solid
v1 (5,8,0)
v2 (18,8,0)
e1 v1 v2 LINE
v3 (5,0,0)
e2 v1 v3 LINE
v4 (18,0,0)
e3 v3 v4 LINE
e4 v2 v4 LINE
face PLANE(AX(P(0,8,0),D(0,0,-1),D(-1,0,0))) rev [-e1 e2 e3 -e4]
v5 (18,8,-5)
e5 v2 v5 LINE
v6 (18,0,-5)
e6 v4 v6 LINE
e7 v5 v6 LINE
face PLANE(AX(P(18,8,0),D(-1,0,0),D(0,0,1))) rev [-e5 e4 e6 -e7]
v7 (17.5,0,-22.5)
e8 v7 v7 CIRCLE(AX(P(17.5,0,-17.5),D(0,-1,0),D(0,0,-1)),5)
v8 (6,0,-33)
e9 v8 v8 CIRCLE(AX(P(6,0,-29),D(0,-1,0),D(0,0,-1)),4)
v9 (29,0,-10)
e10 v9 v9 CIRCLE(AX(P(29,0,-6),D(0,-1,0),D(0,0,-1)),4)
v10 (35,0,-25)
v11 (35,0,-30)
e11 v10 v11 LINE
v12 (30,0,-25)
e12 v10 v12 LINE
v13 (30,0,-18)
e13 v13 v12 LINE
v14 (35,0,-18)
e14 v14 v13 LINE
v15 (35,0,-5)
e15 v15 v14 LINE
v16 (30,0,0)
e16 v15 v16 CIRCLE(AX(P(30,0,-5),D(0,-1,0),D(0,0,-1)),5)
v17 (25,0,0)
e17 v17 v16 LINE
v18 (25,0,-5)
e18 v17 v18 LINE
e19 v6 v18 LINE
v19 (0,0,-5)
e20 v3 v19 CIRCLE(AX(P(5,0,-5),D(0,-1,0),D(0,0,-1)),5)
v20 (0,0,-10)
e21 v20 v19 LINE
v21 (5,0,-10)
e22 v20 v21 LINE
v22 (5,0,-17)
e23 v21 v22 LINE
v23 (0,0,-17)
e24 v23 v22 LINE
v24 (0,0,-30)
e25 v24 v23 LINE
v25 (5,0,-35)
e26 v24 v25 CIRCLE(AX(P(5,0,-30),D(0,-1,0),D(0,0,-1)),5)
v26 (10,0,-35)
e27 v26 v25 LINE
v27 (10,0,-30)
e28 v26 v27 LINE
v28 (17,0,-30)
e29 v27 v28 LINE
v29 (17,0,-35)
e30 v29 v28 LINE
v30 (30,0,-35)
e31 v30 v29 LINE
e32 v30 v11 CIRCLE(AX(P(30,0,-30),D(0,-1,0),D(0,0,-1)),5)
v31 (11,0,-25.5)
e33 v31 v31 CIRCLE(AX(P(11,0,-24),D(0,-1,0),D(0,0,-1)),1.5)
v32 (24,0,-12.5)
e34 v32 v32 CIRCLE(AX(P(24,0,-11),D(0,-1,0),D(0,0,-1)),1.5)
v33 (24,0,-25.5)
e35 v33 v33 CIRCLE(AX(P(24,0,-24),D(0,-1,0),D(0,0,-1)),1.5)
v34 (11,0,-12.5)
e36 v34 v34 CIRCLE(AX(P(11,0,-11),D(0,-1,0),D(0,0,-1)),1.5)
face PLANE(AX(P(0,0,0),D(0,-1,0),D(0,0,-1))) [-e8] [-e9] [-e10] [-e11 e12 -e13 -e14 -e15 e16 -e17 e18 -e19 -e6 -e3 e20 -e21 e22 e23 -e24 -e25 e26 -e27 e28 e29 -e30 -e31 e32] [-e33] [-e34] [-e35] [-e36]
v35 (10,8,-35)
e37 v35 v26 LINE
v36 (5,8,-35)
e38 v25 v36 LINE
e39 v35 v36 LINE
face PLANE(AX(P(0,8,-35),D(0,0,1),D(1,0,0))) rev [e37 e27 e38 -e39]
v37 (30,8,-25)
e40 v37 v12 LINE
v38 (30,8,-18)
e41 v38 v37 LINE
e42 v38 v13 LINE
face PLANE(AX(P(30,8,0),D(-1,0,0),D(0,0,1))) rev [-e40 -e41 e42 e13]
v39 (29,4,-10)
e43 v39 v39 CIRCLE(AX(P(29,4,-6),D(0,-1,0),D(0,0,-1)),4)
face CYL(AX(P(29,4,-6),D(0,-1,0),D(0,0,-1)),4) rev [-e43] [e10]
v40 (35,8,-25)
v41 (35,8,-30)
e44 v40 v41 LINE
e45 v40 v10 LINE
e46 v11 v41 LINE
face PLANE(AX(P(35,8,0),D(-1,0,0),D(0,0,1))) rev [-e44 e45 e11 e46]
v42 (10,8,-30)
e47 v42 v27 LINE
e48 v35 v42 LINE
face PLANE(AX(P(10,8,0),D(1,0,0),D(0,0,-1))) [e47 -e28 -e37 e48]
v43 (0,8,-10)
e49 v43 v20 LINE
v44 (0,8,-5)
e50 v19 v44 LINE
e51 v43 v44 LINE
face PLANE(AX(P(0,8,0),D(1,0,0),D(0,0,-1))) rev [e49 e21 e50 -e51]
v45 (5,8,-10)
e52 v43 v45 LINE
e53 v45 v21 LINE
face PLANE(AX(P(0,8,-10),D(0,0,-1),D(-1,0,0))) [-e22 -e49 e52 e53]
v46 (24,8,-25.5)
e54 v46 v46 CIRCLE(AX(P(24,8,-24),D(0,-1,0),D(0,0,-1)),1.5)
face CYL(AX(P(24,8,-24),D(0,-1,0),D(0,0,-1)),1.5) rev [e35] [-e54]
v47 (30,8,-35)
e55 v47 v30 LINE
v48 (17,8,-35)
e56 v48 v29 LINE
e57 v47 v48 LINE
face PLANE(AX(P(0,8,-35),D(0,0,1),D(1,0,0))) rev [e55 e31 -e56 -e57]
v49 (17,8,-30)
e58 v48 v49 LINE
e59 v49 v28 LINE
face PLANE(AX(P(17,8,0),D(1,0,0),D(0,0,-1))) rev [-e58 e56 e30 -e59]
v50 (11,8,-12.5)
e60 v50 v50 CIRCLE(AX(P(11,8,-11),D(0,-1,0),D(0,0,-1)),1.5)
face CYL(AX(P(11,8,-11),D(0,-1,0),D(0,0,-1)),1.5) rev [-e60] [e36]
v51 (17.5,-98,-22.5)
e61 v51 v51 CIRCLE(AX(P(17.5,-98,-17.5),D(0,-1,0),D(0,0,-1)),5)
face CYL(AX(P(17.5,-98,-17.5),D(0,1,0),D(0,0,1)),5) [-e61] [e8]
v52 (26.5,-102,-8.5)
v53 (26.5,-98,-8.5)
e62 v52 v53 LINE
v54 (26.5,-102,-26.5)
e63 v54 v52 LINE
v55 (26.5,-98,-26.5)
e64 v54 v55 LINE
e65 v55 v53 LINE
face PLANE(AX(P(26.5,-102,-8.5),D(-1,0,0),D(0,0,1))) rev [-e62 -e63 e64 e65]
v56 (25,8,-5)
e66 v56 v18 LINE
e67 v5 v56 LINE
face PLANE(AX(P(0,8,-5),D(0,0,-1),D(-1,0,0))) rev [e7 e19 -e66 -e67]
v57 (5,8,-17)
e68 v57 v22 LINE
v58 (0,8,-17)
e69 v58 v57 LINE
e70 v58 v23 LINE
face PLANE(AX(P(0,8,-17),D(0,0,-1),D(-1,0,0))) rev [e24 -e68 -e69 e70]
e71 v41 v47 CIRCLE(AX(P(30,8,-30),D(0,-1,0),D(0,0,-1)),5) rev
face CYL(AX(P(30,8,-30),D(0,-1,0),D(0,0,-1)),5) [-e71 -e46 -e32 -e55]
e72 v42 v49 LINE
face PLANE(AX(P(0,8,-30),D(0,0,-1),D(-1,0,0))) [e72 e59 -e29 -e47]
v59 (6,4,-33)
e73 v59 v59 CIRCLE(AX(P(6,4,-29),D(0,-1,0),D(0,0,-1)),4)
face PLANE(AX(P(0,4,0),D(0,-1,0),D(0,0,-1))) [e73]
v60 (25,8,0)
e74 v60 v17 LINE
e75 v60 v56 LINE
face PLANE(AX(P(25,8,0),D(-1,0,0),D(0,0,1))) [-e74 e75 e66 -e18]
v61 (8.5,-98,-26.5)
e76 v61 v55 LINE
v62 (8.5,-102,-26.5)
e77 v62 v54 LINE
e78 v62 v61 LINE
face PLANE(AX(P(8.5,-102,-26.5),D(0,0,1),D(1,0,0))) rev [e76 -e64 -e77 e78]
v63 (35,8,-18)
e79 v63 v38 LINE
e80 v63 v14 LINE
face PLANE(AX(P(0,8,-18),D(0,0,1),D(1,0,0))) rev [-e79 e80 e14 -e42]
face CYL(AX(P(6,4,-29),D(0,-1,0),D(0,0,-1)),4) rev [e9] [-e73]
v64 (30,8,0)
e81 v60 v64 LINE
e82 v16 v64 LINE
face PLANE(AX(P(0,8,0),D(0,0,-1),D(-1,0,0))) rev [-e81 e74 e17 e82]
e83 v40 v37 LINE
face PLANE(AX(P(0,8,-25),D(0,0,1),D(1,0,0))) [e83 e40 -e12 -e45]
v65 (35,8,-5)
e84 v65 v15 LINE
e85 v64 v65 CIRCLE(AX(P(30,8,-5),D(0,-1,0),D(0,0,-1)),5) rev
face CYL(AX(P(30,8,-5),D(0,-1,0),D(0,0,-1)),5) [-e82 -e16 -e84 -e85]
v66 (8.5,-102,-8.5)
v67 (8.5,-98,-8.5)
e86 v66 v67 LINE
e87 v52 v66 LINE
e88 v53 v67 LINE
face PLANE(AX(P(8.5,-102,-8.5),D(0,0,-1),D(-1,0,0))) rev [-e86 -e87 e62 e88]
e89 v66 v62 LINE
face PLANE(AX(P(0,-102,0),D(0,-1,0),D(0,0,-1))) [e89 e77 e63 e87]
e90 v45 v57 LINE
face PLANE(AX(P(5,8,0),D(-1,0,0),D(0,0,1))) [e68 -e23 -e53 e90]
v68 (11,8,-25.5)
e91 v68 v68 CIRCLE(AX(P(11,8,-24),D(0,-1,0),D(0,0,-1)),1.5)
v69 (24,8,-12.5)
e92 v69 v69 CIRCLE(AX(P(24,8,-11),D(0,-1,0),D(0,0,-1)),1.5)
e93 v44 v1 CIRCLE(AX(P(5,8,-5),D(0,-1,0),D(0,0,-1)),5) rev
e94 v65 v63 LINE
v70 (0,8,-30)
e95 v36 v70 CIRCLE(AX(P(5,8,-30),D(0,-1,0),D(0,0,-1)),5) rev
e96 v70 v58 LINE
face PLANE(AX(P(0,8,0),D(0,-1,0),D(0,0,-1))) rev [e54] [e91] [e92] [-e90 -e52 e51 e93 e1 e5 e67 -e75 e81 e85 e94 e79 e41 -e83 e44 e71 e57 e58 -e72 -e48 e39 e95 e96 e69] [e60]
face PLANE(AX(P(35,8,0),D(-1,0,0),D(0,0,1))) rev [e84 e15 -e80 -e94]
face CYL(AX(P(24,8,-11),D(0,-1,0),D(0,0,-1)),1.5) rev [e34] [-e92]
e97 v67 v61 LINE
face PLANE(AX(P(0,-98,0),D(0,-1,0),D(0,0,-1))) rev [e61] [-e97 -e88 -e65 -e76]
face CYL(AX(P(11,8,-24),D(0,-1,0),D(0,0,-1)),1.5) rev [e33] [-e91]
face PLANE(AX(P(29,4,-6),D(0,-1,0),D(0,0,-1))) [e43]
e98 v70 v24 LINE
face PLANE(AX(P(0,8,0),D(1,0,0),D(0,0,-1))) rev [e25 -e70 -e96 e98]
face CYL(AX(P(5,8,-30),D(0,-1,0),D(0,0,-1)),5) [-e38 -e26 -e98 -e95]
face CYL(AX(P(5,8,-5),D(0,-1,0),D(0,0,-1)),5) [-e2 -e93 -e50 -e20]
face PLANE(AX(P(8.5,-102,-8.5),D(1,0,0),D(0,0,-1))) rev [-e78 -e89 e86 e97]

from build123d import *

# Parameters (mm, degrees)
SKETCH1_W           = 35
SKETCH1_H           = 35
BOSS_EXTRUDE1_DEPTH = 8
SKETCH2_W           = 7
SKETCH2_H           = 5
SKETCH2_W_2         = 5
SKETCH2_H_2         = 7
SKETCH2_R           = 1.5
CUT_EXTRUDE1_DEPTH  = 51.139804547
SKETCH2_5_R         = 4
SKETCH2_5_R_2       = 1.5
CUT_EXTRUDE2_DEPTH  = 4
SKETCH2_7_R         = 5
BOSS_EXTRUDE2_DEPTH = 98
SKETCH4_W           = 18
SKETCH4_H           = 18
BOSS_EXTRUDE3_DEPTH = 4
FILLET2_R           = 5


with BuildPart() as part:
    # Sketch1 → Boss-Extrude1 (new body)
    with BuildSketch(Plane(origin=(0, 0, 0), x_dir=(1, 0, 0), z_dir=(0, 1, 0))):
        with Locations((17.5, 17.5)):
            Rectangle(SKETCH1_W, SKETCH1_H)
    extrude(amount=BOSS_EXTRUDE1_DEPTH)

    # Sketch2 → Cut-Extrude1 (cut, through all)
    with BuildSketch(Plane.XZ):
        with Locations((21.5, -2.5)):
            Rectangle(SKETCH2_W, SKETCH2_H)
        with Locations((2.5, -13.5)):
            Rectangle(SKETCH2_W_2, SKETCH2_H_2)
        with Locations((32.5, -21.5)):
            Rectangle(SKETCH2_W_2, SKETCH2_H_2)
        with Locations((13.5, -32.5)):
            Rectangle(SKETCH2_W, SKETCH2_H)
        with Locations((11, -11)):
            Circle(SKETCH2_R)
        with Locations((24, -11)):
            Circle(SKETCH2_R)
        with Locations((24, -24)):
            Circle(SKETCH2_R)
        with Locations((11, -24)):
            Circle(SKETCH2_R)
    extrude(amount=-CUT_EXTRUDE1_DEPTH, mode=Mode.SUBTRACT)

    # Sketch2<5> → Cut-Extrude2 (cut)
    with BuildSketch(Plane.XZ):
        with Locations((29, -6)):
            Circle(SKETCH2_5_R)
        with Locations((6, -29)):
            Circle(SKETCH2_5_R)
        with Locations((11, -11)):
            Circle(SKETCH2_5_R_2)
    extrude(amount=-CUT_EXTRUDE2_DEPTH, mode=Mode.SUBTRACT)

    # Sketch2<7> → Boss-Extrude2 (add)
    with BuildSketch(Plane.XZ):
        with Locations((17.5, -17.5)):
            Circle(SKETCH2_7_R)
    extrude(amount=BOSS_EXTRUDE2_DEPTH)

    # Sketch4 → Boss-Extrude3 (add)
    with BuildSketch(Plane.XZ.offset(98)):
        with Locations((17.5, -17.5)):
            Rectangle(SKETCH4_W, SKETCH4_H)
    extrude(amount=BOSS_EXTRUDE3_DEPTH)

    # Fillet2
    fillet2_edges = [part.edges().sort_by_distance(p)[0] for p in [
        (35, 4, 0),
        (35, 4, -35),
        (0, 4, -35),
        (0, 4, 0),
    ]]
    fillet(fillet2_edges, radius=FILLET2_R)


solid = part.part
